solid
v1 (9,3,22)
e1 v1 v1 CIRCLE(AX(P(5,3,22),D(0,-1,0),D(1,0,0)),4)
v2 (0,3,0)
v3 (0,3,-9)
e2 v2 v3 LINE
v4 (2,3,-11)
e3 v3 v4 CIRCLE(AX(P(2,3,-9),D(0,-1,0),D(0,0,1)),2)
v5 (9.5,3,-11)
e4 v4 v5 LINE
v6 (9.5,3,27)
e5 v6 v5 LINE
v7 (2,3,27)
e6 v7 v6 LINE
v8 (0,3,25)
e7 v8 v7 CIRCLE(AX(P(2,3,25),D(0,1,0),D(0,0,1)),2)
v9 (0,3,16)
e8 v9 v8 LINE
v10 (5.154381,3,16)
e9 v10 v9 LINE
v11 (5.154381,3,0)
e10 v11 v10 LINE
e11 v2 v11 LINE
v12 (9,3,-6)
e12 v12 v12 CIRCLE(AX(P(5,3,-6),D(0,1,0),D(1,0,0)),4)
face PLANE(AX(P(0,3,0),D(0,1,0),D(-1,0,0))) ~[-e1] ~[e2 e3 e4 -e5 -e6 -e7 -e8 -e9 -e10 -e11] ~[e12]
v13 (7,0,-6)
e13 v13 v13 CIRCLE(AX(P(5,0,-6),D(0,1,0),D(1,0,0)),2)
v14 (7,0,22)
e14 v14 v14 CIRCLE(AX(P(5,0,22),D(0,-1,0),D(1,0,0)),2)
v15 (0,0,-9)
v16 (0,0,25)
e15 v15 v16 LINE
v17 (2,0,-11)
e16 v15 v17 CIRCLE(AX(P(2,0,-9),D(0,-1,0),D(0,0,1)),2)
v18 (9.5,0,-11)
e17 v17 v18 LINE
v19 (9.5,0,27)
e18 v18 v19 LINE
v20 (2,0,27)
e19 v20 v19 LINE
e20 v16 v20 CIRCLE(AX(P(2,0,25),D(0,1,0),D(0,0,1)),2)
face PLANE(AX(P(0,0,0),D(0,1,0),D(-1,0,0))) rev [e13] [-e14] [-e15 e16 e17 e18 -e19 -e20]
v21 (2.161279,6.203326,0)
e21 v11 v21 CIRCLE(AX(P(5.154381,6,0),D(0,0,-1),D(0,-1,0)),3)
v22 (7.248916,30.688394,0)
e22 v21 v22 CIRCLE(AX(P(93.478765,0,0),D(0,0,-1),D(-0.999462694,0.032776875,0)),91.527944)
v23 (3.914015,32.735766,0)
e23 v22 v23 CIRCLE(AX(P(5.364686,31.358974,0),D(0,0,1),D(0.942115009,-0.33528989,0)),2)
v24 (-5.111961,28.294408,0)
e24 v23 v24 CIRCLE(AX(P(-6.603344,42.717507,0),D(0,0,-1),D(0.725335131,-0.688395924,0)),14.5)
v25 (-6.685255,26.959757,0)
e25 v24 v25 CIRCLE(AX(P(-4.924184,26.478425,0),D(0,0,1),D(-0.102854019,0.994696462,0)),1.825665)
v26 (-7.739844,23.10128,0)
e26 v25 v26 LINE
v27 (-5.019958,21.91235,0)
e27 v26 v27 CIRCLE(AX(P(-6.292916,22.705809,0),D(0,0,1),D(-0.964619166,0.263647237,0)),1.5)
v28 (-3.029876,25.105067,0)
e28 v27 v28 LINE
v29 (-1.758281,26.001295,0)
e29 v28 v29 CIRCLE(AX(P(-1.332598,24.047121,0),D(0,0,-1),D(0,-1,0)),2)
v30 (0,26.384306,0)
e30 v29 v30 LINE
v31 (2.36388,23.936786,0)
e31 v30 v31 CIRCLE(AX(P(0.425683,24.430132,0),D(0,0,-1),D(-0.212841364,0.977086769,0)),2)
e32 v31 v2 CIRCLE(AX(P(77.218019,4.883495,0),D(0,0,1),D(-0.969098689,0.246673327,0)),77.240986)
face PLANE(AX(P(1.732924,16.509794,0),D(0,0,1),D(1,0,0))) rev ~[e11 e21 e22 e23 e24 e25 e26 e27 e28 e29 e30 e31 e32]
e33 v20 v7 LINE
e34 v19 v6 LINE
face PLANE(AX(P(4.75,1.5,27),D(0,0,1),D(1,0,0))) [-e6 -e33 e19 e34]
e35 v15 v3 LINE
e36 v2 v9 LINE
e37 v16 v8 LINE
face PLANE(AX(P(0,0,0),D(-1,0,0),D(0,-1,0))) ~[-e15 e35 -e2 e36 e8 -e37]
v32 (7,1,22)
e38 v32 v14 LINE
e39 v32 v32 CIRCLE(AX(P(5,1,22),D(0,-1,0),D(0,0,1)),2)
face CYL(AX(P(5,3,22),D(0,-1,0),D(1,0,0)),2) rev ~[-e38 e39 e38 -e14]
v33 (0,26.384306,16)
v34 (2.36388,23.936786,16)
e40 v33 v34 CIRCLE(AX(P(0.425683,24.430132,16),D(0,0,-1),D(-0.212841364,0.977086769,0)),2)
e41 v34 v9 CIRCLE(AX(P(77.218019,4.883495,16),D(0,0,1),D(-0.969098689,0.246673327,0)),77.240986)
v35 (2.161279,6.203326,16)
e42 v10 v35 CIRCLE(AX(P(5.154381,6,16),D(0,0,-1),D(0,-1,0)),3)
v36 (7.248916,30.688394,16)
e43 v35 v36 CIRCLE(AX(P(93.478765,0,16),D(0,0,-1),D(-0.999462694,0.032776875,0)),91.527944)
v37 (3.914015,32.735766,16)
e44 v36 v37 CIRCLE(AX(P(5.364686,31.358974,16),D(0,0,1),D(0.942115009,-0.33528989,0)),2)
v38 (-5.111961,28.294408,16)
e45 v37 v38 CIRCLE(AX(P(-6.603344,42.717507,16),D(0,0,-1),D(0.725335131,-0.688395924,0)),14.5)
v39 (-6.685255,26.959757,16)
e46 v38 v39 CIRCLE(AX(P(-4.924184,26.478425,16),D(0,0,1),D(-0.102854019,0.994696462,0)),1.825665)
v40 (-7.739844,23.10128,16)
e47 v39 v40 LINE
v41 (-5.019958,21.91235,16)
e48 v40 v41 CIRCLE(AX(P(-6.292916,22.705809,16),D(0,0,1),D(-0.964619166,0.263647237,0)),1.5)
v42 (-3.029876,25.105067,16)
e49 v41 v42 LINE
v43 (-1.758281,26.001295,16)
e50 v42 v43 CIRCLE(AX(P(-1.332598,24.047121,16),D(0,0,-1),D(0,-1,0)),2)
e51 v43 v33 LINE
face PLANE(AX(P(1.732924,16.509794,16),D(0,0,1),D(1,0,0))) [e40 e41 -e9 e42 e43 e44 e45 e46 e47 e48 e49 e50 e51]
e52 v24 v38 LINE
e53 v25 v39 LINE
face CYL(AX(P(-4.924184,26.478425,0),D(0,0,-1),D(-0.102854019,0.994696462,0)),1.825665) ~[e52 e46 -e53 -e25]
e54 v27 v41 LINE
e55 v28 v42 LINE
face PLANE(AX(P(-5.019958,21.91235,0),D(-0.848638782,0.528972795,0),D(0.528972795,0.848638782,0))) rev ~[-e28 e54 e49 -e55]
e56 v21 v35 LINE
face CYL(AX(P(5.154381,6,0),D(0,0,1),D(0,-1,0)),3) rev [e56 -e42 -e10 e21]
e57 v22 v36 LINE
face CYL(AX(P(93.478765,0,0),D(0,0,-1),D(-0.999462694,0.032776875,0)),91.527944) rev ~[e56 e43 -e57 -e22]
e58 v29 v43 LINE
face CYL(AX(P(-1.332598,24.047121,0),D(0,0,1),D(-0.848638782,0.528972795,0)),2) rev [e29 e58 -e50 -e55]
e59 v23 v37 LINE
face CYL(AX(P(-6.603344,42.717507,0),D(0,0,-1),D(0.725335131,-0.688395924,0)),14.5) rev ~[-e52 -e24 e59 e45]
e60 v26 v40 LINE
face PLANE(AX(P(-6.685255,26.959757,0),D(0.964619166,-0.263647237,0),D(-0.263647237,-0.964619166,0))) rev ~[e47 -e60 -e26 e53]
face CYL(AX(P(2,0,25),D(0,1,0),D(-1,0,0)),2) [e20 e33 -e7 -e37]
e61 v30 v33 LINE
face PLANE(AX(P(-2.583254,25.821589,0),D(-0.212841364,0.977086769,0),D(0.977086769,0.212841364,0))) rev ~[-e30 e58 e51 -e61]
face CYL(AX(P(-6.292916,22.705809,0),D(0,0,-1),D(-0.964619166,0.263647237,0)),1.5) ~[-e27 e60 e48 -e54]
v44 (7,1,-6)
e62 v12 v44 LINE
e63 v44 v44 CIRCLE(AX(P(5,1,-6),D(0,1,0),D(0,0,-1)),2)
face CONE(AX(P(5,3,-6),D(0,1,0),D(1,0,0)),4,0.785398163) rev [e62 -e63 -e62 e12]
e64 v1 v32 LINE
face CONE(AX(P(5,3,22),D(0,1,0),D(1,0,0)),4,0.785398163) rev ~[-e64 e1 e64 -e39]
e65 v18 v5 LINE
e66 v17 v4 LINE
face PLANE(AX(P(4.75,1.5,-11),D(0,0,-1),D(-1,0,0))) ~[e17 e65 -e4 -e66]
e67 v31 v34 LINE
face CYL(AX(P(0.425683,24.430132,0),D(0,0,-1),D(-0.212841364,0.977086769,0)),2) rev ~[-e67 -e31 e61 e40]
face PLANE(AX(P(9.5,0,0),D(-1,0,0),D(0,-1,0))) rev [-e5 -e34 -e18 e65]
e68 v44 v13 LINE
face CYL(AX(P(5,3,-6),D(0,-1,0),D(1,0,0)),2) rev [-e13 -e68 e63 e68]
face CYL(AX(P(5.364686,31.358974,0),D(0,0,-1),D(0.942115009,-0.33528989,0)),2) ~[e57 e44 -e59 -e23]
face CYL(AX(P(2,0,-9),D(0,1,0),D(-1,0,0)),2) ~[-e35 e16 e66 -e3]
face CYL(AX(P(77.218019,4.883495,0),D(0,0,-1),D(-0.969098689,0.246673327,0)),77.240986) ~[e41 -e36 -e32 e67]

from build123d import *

# Parameters (mm, degrees)
F1_DEPTH       = 16
F2_W           = 9.5
F2_H           = 3
F3_DEPTH       = 11
F6_D           = 4
F6_CSINK_D     = 8
F6_CSINK_ANGLE = 90
F8_R           = 2
F9_R           = 3
F10_R          = 2


with BuildPart() as f1:
    # F0 (on Top) → F1 (new body)
    with BuildSketch(Plane.XY):
        with BuildLine():
            ThreePointArc((2, 3), (3.5524079534, 17.0474266553), (7.2489157042, 30.688394236))
            ThreePointArc((7.2489157042, 30.688394236), (6.4110728807, 33.0634017317), (3.9140154247, 32.735765863))
            ThreePointArc((3.9140154247, 32.735765863), (-0.2014778431, 29.7072757815), (-5.1119606936, 28.2944080641))
            ThreePointArc((-5.1119606936, 28.2944080641), (-6.1052113837, 27.8706276086), (-6.6852554951, 26.9597567962))
            Line((-6.6852554951, 26.9597567962), (-7.7398444423, 23.101280134))
            ThreePointArc((-7.7398444423, 23.101280134), (-6.8937110874, 21.3313839825), (-5.019957521, 21.9123500865))
            Line((-5.019957521, 21.9123500865), (-2.5832541287, 25.8215889335))
            Line((-2.5832541287, 25.8215889335), (0, 26.3843059314))
            ThreePointArc((0, 26.3843059314), (1.8642632491, 25.8195517282), (2.3638801074, 23.9367857399))
            ThreePointArc((2.3638801074, 23.9367857399), (0.4646962608, 13.5493737022), (0, 3))
            Line((0, 3), (0, 0))
            Line((0, 0), (9.5, 0))
            Line((9.5, 0), (9.5, 3))
            Line((9.5, 3), (2, 3))
        make_face()
    extrude(amount=F1_DEPTH)

    # F2 (on face) → F3 (join)
    with BuildSketch(Plane.XY.offset(16)):
        with Locations((4.75, 1.5)):
            Rectangle(F2_W, F2_H)
    extrude(amount=F3_DEPTH)

    # F6 (through all)
    with Locations(Plane(origin=(0, 3, 0), x_dir=(-1, 0, 0), z_dir=(0, 1, 0))):
        with Locations((-5, 22)):
            CounterSinkHole(F6_D / 2, F6_CSINK_D / 2, counter_sink_angle=F6_CSINK_ANGLE)

    # F7: F1 across plane


with BuildPart() as f1_1:
    add(f1.part)
    add(f1.part.mirror(Plane.XY.offset(8)))

    # F8
    f8_edges = [f1_1.edges().sort_by_distance(p)[0] for p in [
        (0, 1.5, 27),
        (0, 1.5, -11),
    ]]
    fillet(f8_edges, radius=F8_R)

    # F9
    f9_edges = [f1_1.edges().sort_by_distance(p)[0] for p in [
        (2, 3, 8),
    ]]
    fillet(f9_edges, radius=F9_R)

    # F10
    f10_edges = [f1_1.edges().sort_by_distance(p)[0] for p in [
        (-2.583254, 25.821589, 8),
    ]]
    fillet(f10_edges, radius=F10_R)


solid = f1_1.part
